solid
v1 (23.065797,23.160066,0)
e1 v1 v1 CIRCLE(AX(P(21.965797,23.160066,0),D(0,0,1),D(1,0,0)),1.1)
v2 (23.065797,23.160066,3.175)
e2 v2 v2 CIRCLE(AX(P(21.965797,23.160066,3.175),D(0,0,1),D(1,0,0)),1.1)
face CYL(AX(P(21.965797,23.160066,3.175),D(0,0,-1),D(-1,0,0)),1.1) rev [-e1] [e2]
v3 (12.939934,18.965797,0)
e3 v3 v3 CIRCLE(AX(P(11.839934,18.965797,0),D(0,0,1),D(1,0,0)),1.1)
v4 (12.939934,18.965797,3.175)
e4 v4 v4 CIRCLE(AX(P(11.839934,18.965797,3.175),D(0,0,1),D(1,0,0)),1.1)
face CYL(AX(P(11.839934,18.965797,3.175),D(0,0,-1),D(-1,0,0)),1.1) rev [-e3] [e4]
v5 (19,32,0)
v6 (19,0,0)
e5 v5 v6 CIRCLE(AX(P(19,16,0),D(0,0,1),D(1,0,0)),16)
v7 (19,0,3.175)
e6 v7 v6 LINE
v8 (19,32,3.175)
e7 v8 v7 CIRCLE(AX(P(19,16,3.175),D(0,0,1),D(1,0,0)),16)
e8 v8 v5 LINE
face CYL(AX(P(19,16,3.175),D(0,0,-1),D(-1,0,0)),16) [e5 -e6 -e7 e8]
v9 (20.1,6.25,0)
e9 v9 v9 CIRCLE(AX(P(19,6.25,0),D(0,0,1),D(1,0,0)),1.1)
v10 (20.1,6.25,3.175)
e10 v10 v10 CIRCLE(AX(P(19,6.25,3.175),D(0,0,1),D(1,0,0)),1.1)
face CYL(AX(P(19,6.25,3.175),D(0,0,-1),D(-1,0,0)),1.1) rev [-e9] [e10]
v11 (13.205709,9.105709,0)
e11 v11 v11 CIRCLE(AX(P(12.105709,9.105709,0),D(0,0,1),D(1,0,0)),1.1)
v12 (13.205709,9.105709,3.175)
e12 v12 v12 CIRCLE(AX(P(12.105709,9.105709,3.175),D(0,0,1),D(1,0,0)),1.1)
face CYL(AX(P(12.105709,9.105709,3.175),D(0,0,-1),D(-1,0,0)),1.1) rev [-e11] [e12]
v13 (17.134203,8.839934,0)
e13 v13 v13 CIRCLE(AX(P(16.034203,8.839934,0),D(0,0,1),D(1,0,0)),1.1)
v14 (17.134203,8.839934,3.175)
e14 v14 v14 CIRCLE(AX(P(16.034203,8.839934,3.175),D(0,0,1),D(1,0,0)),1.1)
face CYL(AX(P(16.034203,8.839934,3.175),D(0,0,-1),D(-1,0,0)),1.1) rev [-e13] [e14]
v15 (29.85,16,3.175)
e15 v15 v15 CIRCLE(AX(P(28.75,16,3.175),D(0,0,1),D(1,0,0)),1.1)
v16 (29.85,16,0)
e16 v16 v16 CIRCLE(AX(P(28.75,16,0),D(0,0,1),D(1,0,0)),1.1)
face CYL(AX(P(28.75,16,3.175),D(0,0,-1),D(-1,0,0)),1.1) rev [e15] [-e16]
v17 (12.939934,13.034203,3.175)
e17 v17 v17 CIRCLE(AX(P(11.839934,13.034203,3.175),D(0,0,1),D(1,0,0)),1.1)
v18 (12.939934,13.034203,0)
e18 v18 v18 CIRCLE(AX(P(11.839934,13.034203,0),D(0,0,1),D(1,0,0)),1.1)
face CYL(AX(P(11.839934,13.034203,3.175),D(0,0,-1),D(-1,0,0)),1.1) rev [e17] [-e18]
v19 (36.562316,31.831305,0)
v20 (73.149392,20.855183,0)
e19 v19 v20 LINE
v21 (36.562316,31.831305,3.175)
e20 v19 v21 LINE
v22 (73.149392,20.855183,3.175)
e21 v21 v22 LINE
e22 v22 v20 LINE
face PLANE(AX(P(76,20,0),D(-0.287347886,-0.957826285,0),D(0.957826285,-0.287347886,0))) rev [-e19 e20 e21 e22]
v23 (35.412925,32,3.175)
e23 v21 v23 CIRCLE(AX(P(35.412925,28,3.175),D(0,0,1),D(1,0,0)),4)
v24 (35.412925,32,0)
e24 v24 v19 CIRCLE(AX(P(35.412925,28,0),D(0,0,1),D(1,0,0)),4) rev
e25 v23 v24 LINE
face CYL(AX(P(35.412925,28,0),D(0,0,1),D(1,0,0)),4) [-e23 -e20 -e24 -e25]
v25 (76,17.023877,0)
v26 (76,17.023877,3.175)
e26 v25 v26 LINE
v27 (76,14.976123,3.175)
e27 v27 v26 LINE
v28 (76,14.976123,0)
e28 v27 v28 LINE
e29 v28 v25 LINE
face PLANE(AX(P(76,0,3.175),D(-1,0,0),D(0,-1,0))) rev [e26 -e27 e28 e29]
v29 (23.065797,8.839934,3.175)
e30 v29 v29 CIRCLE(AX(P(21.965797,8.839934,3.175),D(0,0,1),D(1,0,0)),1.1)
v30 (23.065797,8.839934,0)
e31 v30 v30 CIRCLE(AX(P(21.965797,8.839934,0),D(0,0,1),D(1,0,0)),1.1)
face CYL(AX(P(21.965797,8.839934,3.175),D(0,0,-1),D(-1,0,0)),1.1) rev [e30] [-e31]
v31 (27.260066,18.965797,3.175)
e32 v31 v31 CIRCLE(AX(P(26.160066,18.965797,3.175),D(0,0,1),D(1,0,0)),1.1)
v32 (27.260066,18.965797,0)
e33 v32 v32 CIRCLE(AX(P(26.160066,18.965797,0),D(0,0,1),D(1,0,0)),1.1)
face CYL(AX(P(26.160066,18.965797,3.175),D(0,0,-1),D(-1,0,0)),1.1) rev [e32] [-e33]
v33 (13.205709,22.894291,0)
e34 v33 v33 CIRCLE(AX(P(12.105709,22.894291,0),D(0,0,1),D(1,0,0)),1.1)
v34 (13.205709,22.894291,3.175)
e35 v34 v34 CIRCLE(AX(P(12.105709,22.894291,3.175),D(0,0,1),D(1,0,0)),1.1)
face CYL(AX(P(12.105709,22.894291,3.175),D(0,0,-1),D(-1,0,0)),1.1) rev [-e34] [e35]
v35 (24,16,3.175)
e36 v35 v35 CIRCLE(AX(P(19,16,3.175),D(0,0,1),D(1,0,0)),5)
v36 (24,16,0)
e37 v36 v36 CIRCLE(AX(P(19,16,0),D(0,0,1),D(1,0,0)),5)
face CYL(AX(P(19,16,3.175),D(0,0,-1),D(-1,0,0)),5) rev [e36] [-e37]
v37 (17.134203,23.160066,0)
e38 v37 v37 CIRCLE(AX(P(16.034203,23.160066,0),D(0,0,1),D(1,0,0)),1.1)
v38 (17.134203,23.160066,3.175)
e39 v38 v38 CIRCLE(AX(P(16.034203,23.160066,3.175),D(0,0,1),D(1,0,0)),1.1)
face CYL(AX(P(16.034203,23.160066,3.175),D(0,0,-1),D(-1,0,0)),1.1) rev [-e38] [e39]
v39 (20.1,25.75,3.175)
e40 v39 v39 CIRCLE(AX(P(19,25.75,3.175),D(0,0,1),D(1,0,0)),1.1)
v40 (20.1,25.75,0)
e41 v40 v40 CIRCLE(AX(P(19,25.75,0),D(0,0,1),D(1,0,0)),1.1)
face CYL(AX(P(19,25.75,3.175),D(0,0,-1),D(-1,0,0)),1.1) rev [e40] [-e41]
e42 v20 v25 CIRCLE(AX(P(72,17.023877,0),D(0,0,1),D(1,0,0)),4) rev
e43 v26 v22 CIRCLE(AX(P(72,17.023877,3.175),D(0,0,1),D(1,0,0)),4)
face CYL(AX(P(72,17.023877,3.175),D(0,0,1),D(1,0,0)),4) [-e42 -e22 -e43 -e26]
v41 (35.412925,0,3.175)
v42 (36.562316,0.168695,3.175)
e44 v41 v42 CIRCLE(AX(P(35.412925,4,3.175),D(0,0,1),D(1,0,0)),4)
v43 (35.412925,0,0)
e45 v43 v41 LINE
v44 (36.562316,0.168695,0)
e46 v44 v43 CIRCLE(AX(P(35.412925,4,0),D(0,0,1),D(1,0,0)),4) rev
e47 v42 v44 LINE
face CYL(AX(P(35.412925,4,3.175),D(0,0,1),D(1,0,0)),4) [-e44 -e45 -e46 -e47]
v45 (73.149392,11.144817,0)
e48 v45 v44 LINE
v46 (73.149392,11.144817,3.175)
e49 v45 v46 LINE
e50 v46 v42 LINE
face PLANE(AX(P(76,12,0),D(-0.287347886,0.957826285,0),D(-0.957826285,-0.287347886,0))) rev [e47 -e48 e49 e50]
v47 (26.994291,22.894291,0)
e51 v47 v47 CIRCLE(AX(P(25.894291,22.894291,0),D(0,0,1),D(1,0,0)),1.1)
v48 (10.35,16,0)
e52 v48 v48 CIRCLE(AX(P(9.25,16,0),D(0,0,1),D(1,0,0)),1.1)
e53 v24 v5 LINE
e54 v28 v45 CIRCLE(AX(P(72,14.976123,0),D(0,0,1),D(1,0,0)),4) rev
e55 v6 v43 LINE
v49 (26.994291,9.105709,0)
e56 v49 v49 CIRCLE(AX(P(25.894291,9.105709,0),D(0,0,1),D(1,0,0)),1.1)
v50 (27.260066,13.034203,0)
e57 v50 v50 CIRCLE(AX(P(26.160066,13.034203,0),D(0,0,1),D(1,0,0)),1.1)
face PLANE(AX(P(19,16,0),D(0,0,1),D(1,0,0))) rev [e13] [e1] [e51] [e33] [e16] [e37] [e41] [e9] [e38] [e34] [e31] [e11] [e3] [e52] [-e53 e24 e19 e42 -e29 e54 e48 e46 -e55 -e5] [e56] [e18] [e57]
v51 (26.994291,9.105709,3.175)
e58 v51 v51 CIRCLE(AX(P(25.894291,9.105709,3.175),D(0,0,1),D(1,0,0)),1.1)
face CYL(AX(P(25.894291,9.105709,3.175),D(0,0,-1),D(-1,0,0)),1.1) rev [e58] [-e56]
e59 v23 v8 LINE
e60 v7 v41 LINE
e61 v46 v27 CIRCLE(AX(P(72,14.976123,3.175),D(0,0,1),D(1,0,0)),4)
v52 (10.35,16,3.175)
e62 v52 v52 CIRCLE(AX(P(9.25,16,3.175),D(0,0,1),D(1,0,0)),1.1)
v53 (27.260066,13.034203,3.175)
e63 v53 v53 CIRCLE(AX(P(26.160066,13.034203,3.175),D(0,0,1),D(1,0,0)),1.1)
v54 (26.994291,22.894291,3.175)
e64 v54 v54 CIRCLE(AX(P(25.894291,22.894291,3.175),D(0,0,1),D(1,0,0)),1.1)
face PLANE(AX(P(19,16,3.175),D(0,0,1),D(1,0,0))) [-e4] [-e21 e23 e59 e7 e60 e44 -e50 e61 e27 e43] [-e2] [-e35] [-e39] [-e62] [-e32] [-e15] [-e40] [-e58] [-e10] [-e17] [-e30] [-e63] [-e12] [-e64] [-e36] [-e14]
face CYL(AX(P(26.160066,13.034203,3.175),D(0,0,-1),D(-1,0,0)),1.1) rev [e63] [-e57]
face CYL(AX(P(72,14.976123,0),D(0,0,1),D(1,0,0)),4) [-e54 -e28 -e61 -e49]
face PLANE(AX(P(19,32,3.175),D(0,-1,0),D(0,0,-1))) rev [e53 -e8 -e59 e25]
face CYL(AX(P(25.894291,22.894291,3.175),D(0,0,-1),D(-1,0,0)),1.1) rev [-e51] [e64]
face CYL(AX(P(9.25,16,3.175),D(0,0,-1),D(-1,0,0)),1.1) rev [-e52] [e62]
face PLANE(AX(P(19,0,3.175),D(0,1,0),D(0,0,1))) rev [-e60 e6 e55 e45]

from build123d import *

# Parameters (mm, degrees)
SKETCH1_R           = 1.1
SKETCH1_R_2         = 5
BOSS_EXTRUDE1_DEPTH = 3.175
CUT_EXTRUDE1_DEPTH  = 3.175
FILLET1_R           = 4


with BuildPart() as part:
    # Sketch1 → Boss-Extrude1 (new body)
    with BuildSketch(Plane.XY):
        with BuildLine():
            Line((19, 0), (76, 0))
            Line((76, 0), (76, 32))
            Line((76, 32), (19, 32))
            ThreePointArc((19, 32), (3, 16), (19, 0))
        make_face()
        with Locations((25.894291117, 22.894291117)):
            Circle(SKETCH1_R, mode=Mode.SUBTRACT)
        with Locations((19, 25.75)):
            Circle(SKETCH1_R, mode=Mode.SUBTRACT)
        with Locations((28.75, 16)):
            Circle(SKETCH1_R, mode=Mode.SUBTRACT)
        with Locations((25.894291117, 9.105708883)):
            Circle(SKETCH1_R, mode=Mode.SUBTRACT)
        with Locations((19, 6.25)):
            Circle(SKETCH1_R, mode=Mode.SUBTRACT)
        with Locations((12.105708883, 9.105708883)):
            Circle(SKETCH1_R, mode=Mode.SUBTRACT)
        with Locations((9.25, 16)):
            Circle(SKETCH1_R, mode=Mode.SUBTRACT)
        with Locations((12.105708883, 22.894291117)):
            Circle(SKETCH1_R, mode=Mode.SUBTRACT)
        with Locations((19, 16)):
            Circle(SKETCH1_R_2, mode=Mode.SUBTRACT)
        with Locations((26.160066377, 18.965796601)):
            Circle(SKETCH1_R, mode=Mode.SUBTRACT)
        with Locations((21.965796601, 23.160066377)):
            Circle(SKETCH1_R, mode=Mode.SUBTRACT)
        with Locations((26.160066377, 13.034203399)):
            Circle(SKETCH1_R, mode=Mode.SUBTRACT)
        with Locations((21.965796601, 8.839933623)):
            Circle(SKETCH1_R, mode=Mode.SUBTRACT)
        with Locations((16.034203399, 8.839933623)):
            Circle(SKETCH1_R, mode=Mode.SUBTRACT)
        with Locations((11.839933623, 13.034203399)):
            Circle(SKETCH1_R, mode=Mode.SUBTRACT)
        with Locations((11.839933623, 18.965796601)):
            Circle(SKETCH1_R, mode=Mode.SUBTRACT)
        with Locations((16.034203399, 23.160066377)):
            Circle(SKETCH1_R, mode=Mode.SUBTRACT)
    extrude(amount=BOSS_EXTRUDE1_DEPTH)

    # Sketch2 → Cut-Extrude1 (cut)
    with BuildSketch(Plane.XY.offset(3.175)):
        Polygon((76, 32), (76, 20), (36, 32), align=None)
        Polygon((76, 0), (76, 12), (36, 0), align=None)
    extrude(amount=-CUT_EXTRUDE1_DEPTH, mode=Mode.SUBTRACT)

    # Fillet1
    fillet1_edges = [part.edges().sort_by_distance(p)[0] for p in [
        (36, 0, 1.5875),
        (76, 12, 1.5875),
        (36, 32, 1.5875),
        (76, 20, 1.5875),
    ]]
    fillet(fillet1_edges, radius=FILLET1_R)


solid = part.part
